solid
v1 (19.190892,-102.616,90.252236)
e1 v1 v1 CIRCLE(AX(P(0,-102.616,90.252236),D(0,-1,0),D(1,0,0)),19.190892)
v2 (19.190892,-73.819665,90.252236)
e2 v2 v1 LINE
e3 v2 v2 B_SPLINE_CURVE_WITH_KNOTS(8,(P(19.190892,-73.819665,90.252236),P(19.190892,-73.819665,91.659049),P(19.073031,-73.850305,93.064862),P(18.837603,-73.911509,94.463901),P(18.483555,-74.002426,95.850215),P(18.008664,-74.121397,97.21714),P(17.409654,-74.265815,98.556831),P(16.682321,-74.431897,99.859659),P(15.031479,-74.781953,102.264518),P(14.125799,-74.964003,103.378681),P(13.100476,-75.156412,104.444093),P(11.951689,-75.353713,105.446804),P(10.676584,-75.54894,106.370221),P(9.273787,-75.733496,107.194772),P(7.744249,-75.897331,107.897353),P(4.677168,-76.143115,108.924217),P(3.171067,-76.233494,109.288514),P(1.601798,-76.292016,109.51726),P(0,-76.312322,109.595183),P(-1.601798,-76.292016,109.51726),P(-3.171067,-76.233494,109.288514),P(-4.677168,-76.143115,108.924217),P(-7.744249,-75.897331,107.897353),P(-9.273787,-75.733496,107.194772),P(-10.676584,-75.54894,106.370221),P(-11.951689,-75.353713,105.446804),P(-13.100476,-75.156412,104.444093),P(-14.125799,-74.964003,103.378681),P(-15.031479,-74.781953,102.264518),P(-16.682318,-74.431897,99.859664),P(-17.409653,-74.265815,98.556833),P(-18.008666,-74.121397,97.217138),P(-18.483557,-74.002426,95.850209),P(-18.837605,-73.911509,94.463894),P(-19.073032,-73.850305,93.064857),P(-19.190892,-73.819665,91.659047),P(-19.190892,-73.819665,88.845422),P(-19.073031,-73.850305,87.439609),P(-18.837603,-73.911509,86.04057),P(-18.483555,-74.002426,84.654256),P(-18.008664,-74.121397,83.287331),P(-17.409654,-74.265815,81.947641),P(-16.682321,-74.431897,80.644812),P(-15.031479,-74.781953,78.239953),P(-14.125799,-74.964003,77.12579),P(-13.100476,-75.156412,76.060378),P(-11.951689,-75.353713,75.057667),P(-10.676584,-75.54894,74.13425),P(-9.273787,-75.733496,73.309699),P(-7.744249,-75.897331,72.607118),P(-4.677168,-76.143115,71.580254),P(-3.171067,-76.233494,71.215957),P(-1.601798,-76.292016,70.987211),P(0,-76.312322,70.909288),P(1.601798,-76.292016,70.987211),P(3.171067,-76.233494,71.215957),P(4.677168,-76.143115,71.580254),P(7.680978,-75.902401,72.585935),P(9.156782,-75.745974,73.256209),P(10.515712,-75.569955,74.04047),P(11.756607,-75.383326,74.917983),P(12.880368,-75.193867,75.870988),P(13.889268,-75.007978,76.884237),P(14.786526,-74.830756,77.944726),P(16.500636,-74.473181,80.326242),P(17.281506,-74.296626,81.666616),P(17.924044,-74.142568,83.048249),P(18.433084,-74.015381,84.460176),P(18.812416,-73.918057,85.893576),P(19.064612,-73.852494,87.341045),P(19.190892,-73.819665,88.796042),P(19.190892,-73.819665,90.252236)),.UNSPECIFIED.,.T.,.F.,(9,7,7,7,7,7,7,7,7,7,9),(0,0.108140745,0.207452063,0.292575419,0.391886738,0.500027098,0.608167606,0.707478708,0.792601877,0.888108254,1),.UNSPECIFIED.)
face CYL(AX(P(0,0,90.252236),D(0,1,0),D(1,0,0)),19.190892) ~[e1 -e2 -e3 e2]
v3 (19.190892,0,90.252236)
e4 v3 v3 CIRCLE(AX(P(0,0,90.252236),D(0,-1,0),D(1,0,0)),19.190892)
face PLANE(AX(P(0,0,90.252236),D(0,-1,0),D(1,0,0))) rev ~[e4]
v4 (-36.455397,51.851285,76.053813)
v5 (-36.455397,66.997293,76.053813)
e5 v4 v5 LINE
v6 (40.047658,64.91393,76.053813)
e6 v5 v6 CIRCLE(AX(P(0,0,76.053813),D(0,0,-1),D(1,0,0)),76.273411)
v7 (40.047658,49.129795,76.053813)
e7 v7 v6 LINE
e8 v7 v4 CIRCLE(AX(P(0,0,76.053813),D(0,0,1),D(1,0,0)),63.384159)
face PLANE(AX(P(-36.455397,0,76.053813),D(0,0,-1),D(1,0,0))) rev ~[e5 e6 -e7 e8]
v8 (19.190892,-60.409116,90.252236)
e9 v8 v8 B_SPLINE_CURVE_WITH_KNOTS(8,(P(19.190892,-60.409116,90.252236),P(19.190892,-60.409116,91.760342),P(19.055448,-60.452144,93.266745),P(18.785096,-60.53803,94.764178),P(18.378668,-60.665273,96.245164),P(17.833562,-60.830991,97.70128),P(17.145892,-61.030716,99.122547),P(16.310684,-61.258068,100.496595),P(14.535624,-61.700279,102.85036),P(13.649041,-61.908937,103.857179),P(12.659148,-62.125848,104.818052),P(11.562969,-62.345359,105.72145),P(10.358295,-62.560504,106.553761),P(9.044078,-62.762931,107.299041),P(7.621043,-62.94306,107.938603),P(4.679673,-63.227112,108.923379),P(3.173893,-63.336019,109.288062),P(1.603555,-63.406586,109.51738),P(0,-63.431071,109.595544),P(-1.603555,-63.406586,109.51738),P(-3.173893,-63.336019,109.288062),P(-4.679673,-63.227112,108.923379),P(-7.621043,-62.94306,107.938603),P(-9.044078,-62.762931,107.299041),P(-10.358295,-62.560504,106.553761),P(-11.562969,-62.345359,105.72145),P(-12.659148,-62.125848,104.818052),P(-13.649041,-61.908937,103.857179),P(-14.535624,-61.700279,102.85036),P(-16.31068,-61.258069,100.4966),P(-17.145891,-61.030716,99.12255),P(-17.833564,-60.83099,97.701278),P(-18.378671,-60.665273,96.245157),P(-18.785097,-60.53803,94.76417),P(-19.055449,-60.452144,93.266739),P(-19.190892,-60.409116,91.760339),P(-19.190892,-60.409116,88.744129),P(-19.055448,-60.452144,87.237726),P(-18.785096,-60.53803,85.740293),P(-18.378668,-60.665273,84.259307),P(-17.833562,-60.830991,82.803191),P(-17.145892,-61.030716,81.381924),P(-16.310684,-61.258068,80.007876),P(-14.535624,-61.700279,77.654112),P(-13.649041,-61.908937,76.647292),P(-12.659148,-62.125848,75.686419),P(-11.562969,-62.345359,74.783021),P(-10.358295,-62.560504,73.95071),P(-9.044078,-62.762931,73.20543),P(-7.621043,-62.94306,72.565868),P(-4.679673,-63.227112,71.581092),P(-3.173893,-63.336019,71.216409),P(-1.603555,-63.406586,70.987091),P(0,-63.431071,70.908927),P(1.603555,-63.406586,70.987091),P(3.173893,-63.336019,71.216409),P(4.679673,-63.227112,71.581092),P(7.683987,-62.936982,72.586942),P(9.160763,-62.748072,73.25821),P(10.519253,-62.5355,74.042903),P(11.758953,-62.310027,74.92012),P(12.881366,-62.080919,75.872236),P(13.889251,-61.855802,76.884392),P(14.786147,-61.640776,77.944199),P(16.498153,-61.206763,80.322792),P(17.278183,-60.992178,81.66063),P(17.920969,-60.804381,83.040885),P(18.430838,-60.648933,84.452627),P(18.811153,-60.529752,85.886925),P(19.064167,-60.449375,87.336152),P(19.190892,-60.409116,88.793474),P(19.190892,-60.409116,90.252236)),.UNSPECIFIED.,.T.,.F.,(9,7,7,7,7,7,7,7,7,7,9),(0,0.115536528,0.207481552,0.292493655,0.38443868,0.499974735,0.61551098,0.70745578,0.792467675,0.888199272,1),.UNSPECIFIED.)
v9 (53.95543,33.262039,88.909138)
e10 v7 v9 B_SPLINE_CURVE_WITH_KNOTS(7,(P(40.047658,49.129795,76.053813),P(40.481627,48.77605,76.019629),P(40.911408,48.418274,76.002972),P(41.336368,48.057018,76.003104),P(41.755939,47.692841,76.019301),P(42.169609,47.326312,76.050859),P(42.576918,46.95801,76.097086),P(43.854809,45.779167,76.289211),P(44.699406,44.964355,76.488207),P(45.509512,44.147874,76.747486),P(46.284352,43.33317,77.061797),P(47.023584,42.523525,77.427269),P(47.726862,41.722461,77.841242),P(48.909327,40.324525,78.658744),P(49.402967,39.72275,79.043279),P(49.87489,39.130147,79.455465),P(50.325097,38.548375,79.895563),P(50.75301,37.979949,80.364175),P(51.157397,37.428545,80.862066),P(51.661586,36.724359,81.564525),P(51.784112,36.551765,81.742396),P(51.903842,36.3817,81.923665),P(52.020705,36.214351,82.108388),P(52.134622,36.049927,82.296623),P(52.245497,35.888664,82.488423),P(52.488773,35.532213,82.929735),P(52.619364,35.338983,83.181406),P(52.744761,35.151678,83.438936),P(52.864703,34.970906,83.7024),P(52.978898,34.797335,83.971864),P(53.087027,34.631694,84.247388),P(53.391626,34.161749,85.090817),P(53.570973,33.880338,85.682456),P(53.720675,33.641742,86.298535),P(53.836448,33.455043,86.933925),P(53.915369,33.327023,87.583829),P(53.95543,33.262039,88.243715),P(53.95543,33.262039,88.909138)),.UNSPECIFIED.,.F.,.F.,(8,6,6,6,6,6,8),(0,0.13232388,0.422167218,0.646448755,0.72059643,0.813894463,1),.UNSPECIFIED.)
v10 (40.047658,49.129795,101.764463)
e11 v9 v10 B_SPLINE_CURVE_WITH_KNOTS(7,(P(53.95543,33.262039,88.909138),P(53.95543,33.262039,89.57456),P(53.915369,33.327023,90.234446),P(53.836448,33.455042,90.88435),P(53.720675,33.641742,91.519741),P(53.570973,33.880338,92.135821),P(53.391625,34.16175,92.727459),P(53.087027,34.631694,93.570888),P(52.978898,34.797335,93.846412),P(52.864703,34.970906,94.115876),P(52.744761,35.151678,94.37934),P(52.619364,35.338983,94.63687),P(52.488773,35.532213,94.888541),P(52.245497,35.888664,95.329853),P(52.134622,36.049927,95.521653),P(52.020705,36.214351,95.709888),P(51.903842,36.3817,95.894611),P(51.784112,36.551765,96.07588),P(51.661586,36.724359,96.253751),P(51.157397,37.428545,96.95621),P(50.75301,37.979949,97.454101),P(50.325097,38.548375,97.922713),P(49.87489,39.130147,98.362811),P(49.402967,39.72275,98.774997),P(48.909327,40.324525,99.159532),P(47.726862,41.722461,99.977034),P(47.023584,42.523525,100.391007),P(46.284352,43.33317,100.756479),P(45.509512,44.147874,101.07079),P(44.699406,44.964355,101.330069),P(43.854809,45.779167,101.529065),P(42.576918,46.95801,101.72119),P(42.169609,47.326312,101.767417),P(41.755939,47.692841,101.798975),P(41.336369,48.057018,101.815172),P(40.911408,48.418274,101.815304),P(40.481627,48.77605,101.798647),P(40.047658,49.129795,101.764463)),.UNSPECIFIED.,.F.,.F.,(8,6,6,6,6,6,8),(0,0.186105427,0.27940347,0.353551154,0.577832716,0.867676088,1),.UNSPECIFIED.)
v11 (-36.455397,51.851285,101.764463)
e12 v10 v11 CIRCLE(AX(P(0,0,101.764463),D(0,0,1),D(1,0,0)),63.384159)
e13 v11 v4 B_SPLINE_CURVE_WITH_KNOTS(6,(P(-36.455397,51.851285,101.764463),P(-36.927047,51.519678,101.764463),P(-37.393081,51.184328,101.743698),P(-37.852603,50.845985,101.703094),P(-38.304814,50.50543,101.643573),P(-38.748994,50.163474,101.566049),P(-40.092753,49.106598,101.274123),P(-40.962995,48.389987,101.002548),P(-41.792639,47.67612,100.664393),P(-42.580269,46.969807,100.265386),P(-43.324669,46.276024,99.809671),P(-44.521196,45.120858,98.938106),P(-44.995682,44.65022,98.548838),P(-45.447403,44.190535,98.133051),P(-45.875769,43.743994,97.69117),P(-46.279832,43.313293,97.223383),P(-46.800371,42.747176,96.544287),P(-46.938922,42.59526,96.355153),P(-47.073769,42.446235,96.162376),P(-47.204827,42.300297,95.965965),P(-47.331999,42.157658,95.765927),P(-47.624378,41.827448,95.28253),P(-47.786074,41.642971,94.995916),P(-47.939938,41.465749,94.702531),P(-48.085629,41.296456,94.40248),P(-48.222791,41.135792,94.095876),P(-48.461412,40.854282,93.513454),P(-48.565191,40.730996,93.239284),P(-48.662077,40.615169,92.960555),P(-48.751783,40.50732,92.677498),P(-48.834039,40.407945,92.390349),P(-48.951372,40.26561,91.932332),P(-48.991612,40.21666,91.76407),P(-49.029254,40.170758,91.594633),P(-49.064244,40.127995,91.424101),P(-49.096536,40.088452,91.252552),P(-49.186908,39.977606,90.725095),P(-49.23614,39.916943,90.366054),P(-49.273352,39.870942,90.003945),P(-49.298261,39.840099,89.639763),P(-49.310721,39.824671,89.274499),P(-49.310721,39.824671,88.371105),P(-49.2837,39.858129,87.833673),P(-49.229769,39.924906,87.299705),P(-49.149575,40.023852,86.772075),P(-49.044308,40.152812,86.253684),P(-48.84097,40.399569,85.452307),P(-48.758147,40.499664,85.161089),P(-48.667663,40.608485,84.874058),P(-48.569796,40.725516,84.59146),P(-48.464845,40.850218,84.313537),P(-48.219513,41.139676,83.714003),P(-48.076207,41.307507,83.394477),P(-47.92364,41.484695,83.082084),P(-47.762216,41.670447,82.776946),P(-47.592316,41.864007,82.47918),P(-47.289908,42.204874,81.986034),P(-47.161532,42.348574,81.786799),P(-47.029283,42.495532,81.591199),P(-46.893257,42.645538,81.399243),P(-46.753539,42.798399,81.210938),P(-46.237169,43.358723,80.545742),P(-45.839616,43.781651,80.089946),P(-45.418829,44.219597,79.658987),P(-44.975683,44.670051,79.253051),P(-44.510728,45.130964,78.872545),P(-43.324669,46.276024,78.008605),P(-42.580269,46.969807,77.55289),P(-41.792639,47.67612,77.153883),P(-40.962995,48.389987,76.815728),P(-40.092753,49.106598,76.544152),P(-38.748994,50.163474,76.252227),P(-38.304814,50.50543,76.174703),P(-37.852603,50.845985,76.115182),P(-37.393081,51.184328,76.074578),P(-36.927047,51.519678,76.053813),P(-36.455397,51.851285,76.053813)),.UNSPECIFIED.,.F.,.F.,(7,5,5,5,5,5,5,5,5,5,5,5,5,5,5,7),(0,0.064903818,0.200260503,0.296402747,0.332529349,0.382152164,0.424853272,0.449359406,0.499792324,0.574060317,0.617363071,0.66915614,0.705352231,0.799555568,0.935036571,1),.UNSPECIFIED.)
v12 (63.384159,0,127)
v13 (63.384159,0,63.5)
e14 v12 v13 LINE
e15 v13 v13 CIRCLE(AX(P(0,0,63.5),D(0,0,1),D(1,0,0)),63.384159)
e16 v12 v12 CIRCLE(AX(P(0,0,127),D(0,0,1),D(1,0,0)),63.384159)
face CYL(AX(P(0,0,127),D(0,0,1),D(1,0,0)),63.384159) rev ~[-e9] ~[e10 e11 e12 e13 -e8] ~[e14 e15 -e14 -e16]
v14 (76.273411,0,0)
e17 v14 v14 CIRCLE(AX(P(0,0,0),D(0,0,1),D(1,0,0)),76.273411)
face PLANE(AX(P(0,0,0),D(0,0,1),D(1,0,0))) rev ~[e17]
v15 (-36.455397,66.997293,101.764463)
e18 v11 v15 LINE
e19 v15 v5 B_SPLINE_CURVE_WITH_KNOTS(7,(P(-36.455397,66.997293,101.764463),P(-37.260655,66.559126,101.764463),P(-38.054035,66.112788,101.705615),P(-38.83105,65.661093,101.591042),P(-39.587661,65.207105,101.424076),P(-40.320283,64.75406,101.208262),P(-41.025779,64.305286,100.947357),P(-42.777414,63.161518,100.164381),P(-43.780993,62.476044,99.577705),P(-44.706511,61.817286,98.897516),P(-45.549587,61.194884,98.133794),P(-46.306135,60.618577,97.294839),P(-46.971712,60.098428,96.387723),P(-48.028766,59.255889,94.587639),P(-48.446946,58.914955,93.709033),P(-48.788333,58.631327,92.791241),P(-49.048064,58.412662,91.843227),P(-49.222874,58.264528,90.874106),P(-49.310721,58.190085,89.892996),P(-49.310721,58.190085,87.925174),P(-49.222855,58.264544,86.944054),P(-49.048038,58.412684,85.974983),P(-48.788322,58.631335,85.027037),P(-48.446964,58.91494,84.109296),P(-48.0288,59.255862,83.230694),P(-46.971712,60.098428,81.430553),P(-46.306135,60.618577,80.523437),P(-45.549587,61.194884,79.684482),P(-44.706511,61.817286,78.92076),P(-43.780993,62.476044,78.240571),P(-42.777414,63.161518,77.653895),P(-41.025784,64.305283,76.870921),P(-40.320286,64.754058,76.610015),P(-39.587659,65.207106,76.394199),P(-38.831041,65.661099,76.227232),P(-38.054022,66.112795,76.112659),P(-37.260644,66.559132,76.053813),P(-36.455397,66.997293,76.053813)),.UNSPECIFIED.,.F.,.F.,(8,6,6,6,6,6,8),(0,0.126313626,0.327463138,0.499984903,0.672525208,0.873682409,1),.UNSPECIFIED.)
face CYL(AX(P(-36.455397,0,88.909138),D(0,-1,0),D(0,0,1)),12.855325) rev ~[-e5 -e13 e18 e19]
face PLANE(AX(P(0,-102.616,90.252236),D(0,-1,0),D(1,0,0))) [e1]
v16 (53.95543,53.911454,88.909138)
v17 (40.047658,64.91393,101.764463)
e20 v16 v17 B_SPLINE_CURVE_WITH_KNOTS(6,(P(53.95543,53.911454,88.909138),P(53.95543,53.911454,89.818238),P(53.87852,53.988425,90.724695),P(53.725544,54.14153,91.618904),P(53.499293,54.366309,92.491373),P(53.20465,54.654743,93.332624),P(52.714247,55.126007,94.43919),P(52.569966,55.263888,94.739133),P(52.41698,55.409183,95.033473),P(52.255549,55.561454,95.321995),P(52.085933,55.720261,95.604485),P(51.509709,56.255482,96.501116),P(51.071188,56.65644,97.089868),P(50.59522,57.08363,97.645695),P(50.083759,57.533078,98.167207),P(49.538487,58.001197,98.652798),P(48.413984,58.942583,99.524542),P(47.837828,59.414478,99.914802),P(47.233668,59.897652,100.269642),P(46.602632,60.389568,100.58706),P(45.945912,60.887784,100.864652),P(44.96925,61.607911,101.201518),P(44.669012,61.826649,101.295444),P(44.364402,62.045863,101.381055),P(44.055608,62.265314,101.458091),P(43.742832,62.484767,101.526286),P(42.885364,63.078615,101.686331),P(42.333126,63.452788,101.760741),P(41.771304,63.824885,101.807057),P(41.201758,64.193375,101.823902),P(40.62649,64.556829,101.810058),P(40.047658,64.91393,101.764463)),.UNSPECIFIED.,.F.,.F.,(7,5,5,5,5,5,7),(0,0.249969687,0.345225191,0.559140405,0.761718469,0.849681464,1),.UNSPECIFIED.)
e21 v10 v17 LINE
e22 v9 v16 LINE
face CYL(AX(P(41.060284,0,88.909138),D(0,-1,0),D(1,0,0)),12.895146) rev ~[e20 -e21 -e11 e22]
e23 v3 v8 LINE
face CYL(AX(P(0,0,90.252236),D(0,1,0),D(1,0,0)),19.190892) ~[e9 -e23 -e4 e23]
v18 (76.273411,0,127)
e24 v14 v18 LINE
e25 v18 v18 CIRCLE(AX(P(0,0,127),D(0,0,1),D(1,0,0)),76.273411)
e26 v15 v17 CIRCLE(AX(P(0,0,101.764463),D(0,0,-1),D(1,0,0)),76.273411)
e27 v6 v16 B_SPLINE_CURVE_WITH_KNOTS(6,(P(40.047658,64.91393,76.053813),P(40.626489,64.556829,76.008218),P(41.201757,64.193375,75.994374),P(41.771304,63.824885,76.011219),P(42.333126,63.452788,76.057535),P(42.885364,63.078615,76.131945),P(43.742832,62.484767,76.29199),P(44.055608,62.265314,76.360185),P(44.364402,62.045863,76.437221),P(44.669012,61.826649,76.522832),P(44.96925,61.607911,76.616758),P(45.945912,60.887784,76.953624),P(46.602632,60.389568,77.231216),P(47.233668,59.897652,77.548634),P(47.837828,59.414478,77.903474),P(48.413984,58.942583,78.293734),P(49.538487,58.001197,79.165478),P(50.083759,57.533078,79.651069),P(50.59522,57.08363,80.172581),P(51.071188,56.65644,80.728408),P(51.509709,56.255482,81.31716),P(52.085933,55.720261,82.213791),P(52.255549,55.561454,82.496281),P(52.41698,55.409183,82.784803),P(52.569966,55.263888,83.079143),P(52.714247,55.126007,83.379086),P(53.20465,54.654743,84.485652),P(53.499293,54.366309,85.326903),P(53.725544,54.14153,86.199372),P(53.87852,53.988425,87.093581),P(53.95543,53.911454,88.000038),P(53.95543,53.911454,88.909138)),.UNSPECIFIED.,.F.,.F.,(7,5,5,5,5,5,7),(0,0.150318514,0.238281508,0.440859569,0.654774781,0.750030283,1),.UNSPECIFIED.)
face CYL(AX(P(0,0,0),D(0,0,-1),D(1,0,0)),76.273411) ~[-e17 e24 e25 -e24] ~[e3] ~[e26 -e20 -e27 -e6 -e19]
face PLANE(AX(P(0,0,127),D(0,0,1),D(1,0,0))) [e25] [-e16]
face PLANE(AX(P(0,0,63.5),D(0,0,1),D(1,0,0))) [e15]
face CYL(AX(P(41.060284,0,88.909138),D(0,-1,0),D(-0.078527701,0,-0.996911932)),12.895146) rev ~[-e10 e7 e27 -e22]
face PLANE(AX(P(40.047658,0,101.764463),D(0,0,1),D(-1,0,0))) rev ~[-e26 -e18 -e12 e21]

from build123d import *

# Parameters (mm, degrees)
F0_R     = 76.2734110289
F1_DEPTH = 127
F2_R     = 63.3841593345
F3_DEPTH = 63.5
F5_DEPTH = 127
F6_R     = 19.1908924799
F7_DEPTH = 102.616


with BuildPart() as f1:
    # F0 (on Top) → F1 (new body)
    with BuildSketch(Plane.XY):
        Circle(F0_R)
    extrude(amount=F1_DEPTH)

    # F2 (on face) → F3 (cut)
    with BuildSketch(Plane.XY.offset(127)):
        Circle(F2_R)
    extrude(amount=-F3_DEPTH, mode=Mode.SUBTRACT)

    # F4 (on Front) → F5 (cut)
    with BuildSketch(Plane.XZ):
        with BuildLine():
            ThreePointArc((-23.6000716686, 88.9091379941), (-27.3653091558, 79.819050587), (-36.4553965628, 76.0538130999))
            Line((-36.4553965628, 76.0538130999), (40.0476576165, 76.0538130999))
            ThreePointArc((40.0476576165, 76.0538130999), (28.1651377987, 88.9091379941), (40.0476576165, 101.7644628882))
            Line((40.0476576165, 101.7644628882), (-36.4553965628, 101.7644628882))
            ThreePointArc((-36.4553965628, 101.7644628882), (-27.3653091558, 97.9992254011), (-23.6000716686, 88.9091379941))
        make_face()
        with BuildLine():
            ThreePointArc((-36.4553965628, 101.7644628882), (-49.310721457, 88.9091379941), (-36.4553965628, 76.0538130999))
            Line((-36.4553965628, 76.0538130999), (-36.4553965628, 101.7644628882))
        make_face()
        with BuildLine():
            Line((-36.4553965628, 101.7644628882), (-36.4553965628, 76.0538130999))
            ThreePointArc((-36.4553965628, 76.0538130999), (-27.3653091558, 79.819050587), (-23.6000716686, 88.9091379941))
            ThreePointArc((-23.6000716686, 88.9091379941), (-27.3653091558, 97.9992254011), (-36.4553965628, 101.7644628882))
        make_face()
        with BuildLine():
            ThreePointArc((40.0476576165, 101.7644628882), (28.1651377987, 88.9091379941), (40.0476576165, 76.0538130999))
            Line((40.0476576165, 76.0538130999), (41.0602837801, 76.0538130999))
            Line((41.0602837801, 76.0538130999), (41.0602837801, 101.7644628882))
            Line((41.0602837801, 101.7644628882), (40.0476576165, 101.7644628882))
        make_face()
        with BuildLine():
            Line((41.0602837801, 76.0538130999), (40.0476576165, 76.0538130999))
            ThreePointArc((40.0476576165, 76.0538130999), (49.8131926588, 79.4396408562), (53.9554297615, 88.9091379941))
            ThreePointArc((53.9554297615, 88.9091379941), (49.8131926588, 98.3786351319), (40.0476576165, 101.7644628882))
            Line((40.0476576165, 101.7644628882), (41.0602837801, 101.7644628882))
            Line((41.0602837801, 101.7644628882), (41.0602837801, 76.0538130999))
        make_face()
    extrude(amount=-F5_DEPTH, mode=Mode.SUBTRACT)

    # F6 (on Front) → F7 (join)
    with BuildSketch(Plane.XZ):
        with Locations((0, 90.2522355318)):
            Circle(F6_R)
    extrude(amount=F7_DEPTH)


solid = f1.part
